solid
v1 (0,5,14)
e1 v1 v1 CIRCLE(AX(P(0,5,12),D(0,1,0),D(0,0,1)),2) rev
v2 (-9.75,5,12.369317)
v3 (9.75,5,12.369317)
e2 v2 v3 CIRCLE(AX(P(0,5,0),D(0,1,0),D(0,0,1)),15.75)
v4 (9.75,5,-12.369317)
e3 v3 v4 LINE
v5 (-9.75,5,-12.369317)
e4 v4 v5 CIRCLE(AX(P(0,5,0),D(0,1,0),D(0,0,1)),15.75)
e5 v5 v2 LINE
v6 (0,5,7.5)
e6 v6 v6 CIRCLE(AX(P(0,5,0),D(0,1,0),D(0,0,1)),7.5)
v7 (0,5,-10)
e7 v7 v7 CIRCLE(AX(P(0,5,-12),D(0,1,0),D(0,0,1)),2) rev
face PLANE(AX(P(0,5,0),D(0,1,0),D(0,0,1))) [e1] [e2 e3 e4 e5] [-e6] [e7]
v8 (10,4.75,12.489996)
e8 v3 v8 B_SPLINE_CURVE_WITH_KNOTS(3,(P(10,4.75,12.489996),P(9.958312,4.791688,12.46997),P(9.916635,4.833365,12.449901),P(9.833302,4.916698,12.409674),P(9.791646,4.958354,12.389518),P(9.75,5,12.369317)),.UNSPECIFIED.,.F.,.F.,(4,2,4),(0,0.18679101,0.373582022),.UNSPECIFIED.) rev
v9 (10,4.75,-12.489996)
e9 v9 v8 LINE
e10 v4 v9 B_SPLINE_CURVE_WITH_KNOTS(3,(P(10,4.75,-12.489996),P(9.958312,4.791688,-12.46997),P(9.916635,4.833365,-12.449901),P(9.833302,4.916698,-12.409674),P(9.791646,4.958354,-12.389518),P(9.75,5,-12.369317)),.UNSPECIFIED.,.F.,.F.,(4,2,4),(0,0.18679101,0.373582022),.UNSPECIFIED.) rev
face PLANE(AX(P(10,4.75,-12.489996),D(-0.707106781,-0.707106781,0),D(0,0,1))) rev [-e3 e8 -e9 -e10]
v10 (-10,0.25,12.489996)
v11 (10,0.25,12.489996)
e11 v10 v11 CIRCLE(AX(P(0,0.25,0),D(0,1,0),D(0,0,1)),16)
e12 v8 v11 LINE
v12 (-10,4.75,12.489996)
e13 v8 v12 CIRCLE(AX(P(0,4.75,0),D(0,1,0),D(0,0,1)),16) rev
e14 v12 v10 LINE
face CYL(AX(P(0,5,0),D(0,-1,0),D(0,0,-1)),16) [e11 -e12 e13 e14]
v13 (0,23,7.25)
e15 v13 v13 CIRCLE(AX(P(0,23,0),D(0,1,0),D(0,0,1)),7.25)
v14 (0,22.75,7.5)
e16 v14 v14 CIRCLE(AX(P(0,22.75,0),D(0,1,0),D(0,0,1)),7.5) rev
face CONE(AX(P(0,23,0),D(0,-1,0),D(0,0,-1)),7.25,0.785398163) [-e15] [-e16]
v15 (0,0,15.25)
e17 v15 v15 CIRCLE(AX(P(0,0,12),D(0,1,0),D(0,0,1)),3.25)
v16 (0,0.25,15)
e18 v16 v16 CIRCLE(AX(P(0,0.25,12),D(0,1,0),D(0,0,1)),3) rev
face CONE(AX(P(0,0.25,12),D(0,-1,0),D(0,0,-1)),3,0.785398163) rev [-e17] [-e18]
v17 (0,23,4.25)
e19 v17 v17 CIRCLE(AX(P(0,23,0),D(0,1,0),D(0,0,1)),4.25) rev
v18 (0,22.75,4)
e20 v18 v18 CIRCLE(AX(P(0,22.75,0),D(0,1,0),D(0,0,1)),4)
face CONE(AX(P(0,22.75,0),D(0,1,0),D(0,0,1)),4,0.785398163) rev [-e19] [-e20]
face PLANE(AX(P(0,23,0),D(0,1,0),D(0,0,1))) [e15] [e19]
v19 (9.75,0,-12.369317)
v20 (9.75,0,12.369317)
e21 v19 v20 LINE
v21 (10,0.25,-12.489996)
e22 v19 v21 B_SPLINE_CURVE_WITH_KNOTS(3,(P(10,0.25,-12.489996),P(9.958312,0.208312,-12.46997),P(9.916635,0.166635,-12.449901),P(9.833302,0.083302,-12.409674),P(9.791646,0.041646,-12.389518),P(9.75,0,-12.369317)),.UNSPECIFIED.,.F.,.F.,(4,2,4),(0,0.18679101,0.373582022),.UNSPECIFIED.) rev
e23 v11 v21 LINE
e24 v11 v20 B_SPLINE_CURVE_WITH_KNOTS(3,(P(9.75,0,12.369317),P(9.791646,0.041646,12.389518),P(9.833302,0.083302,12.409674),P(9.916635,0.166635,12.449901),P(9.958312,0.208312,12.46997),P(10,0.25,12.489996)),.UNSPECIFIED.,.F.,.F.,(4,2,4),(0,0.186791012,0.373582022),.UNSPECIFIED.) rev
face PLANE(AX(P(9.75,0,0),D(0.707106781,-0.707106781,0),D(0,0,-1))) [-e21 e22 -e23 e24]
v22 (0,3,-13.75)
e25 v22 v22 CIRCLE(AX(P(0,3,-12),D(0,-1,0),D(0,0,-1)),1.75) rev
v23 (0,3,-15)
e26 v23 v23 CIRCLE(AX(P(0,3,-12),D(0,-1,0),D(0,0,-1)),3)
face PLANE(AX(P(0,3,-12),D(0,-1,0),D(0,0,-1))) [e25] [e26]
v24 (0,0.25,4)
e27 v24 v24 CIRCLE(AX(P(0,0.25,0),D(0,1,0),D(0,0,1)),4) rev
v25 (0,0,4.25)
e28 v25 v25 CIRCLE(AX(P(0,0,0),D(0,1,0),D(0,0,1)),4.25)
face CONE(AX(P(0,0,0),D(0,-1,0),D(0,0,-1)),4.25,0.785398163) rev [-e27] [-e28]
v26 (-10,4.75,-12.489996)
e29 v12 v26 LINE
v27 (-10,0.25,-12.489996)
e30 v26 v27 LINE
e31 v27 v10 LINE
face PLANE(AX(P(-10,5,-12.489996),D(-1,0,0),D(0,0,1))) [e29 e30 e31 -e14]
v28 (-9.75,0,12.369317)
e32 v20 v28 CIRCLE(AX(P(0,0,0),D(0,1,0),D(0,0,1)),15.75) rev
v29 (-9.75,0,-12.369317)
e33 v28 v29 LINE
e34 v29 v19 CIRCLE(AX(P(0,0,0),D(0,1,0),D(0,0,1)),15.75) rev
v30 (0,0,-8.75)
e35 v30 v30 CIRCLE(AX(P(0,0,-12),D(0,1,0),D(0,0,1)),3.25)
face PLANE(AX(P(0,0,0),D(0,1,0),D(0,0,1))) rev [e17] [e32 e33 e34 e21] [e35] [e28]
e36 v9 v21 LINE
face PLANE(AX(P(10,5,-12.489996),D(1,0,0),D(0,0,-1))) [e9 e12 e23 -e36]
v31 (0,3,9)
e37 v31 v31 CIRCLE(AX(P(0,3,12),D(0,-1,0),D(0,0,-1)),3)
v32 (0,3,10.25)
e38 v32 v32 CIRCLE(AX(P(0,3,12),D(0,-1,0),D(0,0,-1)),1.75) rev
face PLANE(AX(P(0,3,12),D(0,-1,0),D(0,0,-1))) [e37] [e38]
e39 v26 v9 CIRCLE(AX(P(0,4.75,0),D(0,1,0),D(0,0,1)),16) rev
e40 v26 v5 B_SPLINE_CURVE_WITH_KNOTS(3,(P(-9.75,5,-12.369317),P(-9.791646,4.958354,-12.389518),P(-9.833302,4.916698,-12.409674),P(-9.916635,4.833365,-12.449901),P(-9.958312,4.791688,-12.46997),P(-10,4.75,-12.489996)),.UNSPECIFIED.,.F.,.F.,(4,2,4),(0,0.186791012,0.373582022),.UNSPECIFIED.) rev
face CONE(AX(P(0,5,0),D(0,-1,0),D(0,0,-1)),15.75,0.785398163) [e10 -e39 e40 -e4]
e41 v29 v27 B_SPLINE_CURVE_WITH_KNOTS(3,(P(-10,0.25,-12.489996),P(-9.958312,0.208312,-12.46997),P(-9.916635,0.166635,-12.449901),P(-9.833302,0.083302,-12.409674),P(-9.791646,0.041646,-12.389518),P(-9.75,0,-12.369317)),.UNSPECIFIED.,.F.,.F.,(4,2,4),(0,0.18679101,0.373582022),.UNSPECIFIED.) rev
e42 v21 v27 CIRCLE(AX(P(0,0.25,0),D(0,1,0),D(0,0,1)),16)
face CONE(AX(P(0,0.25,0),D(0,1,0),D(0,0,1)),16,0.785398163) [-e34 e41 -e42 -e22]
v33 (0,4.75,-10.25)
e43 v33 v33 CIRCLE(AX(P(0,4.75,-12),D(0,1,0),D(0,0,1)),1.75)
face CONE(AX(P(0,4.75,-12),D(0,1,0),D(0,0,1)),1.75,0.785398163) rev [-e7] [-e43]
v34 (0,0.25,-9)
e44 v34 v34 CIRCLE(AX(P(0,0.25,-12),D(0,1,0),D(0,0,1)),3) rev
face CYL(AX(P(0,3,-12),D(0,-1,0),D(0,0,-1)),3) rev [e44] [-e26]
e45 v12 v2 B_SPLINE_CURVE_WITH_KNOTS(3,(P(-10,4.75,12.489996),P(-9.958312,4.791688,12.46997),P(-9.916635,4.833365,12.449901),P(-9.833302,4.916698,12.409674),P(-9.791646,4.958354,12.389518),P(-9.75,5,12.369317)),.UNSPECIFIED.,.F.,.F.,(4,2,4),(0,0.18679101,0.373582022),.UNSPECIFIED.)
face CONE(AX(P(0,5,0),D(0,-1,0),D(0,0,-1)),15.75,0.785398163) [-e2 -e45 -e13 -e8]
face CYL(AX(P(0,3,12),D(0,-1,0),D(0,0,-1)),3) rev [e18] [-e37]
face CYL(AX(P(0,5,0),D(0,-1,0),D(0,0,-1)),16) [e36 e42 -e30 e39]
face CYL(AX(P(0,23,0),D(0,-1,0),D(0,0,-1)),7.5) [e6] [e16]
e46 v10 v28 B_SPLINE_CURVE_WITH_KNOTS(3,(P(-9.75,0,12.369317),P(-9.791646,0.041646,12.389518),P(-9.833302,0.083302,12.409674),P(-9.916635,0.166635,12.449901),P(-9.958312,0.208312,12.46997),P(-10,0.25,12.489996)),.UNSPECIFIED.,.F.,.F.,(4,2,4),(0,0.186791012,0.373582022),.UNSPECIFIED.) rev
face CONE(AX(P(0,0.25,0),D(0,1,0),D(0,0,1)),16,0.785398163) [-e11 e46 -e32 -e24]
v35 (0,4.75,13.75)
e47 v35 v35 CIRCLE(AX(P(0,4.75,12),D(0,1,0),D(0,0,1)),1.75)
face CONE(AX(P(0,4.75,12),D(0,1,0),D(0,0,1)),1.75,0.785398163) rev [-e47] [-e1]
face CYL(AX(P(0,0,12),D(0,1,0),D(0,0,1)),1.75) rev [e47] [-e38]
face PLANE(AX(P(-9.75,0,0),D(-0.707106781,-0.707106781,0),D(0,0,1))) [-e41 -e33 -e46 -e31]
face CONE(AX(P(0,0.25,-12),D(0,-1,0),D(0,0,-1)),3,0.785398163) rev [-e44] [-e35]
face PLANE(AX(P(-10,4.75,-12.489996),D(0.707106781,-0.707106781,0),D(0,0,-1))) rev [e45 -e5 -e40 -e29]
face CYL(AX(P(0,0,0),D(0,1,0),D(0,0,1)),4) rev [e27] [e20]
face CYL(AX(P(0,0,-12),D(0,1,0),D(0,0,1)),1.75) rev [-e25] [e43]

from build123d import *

# Parameters (mm, degrees)
SKETCH1_R           = 16
BOSS_EXTRUDE1_DEPTH = 5
CUT_EXTRUDE1_DEPTH  = 5
SKETCH3_R           = 7.5
BOSS_EXTRUDE2_DEPTH = 18
SKETCH4_R           = 4
CUT_EXTRUDE2_DEPTH  = 23
SKETCH5_R           = 1.75
CUT_EXTRUDE3_DEPTH  = 5
SKETCH6_R           = 3
CUT_EXTRUDE4_DEPTH  = 3
CHAMFER1_SIZE       = 0.25


with BuildPart() as part:
    # Sketch1 → Boss-Extrude1 (new body)
    with BuildSketch(Plane(origin=(0, 0, 0), x_dir=(1, 0, 0), z_dir=(0, 1, 0))):
        with Locations(Location((0, 0, 0), (0, 0, 270))):
            Circle(SKETCH1_R)
    extrude(amount=BOSS_EXTRUDE1_DEPTH)

    # Sketch2 → Cut-Extrude1 (cut)
    with BuildSketch(Plane(origin=(0, 0, 0), x_dir=(1, 0, 0), z_dir=(0, 1, 0))):
        with BuildLine():
            Line((-10, 12.489995997), (-10, -12.489995997))
            ThreePointArc((-10, -12.489995997), (-16, 0), (-10, 12.489995997))
        make_face()
        with BuildLine():
            Line((10, 12.489995997), (10, -12.489995997))
            ThreePointArc((10, -12.489995997), (16, 0), (10, 12.489995997))
        make_face()
    extrude(amount=CUT_EXTRUDE1_DEPTH, mode=Mode.SUBTRACT)

    # Sketch3 → Boss-Extrude2 (add)
    with BuildSketch(Plane(origin=(0, 5, 0), x_dir=(1, 0, 0), z_dir=(0, 1, 0))):
        with Locations(Location((0, 0, 0), (0, 0, 270))):
            Circle(SKETCH3_R)
    extrude(amount=BOSS_EXTRUDE2_DEPTH)

    # Sketch4 → Cut-Extrude2 (cut)
    with BuildSketch(Plane(origin=(0, 23, 0), x_dir=(1, 0, 0), z_dir=(0, 1, 0))):
        with Locations(Location((0, 0, 0), (0, 0, 270))):
            Circle(SKETCH4_R)
    extrude(amount=-CUT_EXTRUDE2_DEPTH, mode=Mode.SUBTRACT)

    # Sketch5 → Cut-Extrude3 (cut)
    with BuildSketch(Plane(origin=(0, 5, 0), x_dir=(1, 0, 0), z_dir=(0, 1, 0))):
        with Locations(Location((0, 12, 0), (0, 0, 270))):
            Circle(SKETCH5_R)
        with Locations(Location((0, -12, 0), (0, 0, 270))):
            Circle(SKETCH5_R)
    extrude(amount=-CUT_EXTRUDE3_DEPTH, mode=Mode.SUBTRACT)

    # Sketch6 → Cut-Extrude4 (cut)
    with BuildSketch(Plane.XZ):
        with Locations(Location((0, 12, 0), (0, 0, 270))):
            Circle(SKETCH6_R)
        with Locations(Location((0, -12, 0), (0, 0, 270))):
            Circle(SKETCH6_R)
    extrude(amount=-CUT_EXTRUDE4_DEPTH, mode=Mode.SUBTRACT)

    # Chamfer1
    chamfer1_edges = [part.edges().sort_by_distance(p)[0] for p in [
        (0, 0, -16),
        (0, 5, -16),
        (10, 0, 0),
        (10, 5, 0),
        (0, 23, -7.5),
        (0, 0, -4),
        (0, 23, -4),
        (0, 5, -13.75),
        (0, 5, 10.25),
        (0, 0, 15),
        (0, 0, -9),
        (0, 0, 16),
        (0, 5, 16),
        (-10, 0, 0),
        (-10, 5, 0),
    ]]
    chamfer(chamfer1_edges, length=CHAMFER1_SIZE)


solid = part.part
